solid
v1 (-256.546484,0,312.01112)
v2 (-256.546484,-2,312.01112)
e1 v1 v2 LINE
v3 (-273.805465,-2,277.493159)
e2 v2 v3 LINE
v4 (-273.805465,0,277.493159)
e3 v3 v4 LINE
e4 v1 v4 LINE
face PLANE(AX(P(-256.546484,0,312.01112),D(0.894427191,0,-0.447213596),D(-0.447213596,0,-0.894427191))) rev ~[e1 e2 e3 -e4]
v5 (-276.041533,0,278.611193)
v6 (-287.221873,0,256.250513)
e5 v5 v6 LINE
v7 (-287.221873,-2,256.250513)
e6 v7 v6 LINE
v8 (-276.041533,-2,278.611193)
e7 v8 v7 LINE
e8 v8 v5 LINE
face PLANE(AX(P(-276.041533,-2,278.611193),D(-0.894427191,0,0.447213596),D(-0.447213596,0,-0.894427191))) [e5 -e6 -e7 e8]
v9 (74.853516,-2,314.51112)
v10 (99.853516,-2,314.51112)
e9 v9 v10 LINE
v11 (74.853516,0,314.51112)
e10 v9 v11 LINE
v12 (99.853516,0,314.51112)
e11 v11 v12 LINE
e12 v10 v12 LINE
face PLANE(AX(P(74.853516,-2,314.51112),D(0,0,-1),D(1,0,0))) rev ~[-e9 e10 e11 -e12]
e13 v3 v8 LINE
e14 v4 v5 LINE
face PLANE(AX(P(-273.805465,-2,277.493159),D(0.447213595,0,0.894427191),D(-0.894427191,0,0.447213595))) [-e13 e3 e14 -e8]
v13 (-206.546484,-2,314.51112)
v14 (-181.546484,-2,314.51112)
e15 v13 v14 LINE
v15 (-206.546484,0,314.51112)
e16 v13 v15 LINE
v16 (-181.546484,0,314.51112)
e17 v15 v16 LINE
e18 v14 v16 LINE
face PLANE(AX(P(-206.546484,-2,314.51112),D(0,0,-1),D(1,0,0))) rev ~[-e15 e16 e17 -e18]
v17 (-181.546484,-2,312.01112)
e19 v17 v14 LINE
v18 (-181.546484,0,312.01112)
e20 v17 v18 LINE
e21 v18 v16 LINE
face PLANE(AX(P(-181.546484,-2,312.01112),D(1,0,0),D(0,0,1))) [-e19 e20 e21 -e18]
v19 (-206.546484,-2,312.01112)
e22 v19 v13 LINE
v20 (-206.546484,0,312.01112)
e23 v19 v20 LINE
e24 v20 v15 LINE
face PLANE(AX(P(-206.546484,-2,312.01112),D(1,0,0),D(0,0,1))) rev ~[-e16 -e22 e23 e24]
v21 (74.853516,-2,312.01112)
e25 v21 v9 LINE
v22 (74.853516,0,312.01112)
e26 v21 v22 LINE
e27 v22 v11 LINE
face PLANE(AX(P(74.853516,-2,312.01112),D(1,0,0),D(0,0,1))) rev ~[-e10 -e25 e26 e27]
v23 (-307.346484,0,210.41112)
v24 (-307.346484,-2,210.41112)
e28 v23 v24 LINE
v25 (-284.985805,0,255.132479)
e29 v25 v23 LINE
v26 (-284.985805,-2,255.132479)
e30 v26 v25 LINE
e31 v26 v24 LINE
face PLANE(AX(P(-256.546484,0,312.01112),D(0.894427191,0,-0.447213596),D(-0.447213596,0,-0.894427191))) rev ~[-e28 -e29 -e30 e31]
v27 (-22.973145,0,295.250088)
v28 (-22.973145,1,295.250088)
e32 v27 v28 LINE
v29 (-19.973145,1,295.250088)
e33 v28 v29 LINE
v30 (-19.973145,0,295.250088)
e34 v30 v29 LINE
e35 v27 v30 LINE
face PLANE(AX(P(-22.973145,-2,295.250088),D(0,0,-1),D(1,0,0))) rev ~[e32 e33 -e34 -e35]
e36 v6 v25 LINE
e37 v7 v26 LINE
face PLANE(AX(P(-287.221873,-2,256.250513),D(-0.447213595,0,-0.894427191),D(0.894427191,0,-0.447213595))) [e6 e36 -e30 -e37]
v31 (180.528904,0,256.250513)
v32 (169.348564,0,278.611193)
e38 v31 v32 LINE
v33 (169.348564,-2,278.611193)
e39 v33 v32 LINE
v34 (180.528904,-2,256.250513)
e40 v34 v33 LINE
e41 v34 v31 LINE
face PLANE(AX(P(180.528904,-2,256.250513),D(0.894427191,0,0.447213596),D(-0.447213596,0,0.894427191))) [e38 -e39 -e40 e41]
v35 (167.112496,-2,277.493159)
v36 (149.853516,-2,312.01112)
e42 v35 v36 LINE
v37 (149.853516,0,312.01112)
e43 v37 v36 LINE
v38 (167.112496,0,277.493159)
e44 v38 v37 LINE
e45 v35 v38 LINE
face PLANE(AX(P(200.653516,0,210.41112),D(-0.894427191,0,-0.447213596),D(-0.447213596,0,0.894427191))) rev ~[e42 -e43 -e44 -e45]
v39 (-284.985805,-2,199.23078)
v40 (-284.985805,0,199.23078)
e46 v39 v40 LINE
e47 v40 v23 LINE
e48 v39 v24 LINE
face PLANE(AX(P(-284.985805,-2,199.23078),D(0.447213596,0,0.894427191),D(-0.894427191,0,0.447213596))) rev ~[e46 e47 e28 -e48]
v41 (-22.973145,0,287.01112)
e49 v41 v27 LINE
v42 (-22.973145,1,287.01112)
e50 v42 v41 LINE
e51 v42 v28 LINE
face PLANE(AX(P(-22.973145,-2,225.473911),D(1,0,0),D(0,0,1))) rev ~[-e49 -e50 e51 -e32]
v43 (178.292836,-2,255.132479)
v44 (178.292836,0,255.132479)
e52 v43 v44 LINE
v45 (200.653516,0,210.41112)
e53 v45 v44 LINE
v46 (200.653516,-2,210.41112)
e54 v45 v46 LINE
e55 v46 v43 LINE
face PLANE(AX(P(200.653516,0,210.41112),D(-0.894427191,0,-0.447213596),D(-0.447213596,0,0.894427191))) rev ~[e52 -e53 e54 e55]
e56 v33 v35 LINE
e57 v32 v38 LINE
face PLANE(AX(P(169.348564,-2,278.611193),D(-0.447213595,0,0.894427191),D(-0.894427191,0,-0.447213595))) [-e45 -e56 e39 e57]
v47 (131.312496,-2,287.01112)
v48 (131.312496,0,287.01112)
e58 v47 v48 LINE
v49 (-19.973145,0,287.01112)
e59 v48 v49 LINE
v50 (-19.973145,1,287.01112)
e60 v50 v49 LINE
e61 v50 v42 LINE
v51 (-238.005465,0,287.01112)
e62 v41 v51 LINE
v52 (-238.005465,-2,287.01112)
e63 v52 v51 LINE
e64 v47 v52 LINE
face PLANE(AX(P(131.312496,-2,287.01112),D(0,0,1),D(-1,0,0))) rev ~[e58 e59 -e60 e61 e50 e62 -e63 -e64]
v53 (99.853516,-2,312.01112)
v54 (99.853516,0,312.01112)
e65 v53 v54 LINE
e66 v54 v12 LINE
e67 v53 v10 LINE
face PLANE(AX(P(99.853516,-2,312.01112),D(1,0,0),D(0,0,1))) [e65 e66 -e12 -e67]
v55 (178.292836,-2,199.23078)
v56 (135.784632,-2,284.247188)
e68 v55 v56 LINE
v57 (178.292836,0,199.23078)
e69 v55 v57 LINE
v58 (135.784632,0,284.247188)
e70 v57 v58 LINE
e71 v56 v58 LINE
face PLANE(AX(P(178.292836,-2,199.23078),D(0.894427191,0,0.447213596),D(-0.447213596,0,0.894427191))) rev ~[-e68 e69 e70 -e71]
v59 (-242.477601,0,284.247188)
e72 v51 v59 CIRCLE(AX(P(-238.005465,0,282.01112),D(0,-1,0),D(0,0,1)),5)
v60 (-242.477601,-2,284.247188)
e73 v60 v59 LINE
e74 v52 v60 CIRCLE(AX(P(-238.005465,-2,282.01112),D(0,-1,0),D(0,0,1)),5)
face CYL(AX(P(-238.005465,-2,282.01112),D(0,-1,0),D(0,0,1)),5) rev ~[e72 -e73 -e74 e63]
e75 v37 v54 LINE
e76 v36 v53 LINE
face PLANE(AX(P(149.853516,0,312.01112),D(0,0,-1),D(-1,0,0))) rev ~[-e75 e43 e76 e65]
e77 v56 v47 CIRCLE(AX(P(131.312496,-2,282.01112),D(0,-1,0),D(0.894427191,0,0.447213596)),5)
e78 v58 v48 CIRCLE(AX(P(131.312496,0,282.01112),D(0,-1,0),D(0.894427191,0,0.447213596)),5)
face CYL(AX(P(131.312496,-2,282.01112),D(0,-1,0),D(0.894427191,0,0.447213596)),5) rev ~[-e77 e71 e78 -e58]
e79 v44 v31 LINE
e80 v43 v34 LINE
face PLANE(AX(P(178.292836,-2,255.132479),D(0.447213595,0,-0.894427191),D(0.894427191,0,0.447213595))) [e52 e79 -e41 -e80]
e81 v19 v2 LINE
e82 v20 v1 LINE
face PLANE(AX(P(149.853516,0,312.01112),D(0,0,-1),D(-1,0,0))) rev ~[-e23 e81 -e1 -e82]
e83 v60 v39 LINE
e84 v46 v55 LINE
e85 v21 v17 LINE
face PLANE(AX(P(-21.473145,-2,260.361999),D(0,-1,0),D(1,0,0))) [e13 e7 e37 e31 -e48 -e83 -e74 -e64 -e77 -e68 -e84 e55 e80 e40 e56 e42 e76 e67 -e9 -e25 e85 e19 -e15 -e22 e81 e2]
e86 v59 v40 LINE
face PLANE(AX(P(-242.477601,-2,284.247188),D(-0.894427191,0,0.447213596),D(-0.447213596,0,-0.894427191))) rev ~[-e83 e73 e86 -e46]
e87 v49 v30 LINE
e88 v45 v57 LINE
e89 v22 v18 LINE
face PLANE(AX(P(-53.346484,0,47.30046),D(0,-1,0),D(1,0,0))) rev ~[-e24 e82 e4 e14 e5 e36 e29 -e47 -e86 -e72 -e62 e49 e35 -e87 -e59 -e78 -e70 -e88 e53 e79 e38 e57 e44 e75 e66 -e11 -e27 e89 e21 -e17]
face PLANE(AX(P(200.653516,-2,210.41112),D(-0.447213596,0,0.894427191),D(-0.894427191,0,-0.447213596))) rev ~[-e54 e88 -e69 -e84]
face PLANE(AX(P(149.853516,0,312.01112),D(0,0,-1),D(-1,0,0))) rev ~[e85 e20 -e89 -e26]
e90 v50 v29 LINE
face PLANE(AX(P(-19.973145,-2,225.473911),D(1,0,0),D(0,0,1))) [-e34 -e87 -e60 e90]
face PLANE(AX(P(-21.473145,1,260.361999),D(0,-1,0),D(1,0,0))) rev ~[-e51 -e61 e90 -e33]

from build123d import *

# Parameters (mm, degrees)
F1_DEPTH  = 2
F3_DEPTH  = 2.001
F4_W      = 3
F4_H      = 69.7761774063
F5_DEPTH  = 3
F7_D      = 6.6
F9_DEPTH  = 25
F10_W     = 25
F10_H     = 2.5
F11_DEPTH = 2


with BuildPart() as f1:
    # F0 (on Front) → F1 (new body)
    with BuildSketch(Plane.XZ):
        Polygon((-307.3464844827, 210.4111198679), (-307.3464844827, -195.9888801321), (200.6535155173, -195.9888801321), (200.6535155173, 210.4111198679), (149.8535155173, 312.0111198679), (-256.5464844827, 312.0111198679), align=None)
    extrude(amount=F1_DEPTH)

    # F2 (on face) → F3 (cut, through all)
    with BuildSketch(Plane.XZ.offset(2)):
        with BuildLine():
            Line((99.0535155173, 210.4111198679), (-205.7464844827, 210.4111198679))
            ThreePointArc((-205.7464844827, 210.4111198679), (-241.667508967, 195.5321443521), (-256.5464844827, 159.6111198679))
            Line((-256.5464844827, 159.6111198679), (-256.5464844827, -94.3888801321))
            ThreePointArc((-256.5464844827, -94.3888801321), (-241.667508967, -130.3099046164), (-205.7464844827, -145.1888801321))
            Line((-205.7464844827, -145.1888801321), (99.0535155173, -145.1888801321))
            ThreePointArc((99.0535155173, -145.1888801321), (134.9745400016, -130.3099046164), (149.8535155173, -94.3888801321))
            Line((149.8535155173, -94.3888801321), (149.8535155173, 159.6111198679))
            ThreePointArc((149.8535155173, 159.6111198679), (134.9745400016, 195.5321443521), (99.0535155173, 210.4111198679))
        make_face()
    extrude(amount=-F3_DEPTH, mode=Mode.SUBTRACT)

    # F4 (on face) → F5 (join)
    with BuildSketch(Plane.XZ.offset(2)):
        with Locations((-21.4731446389, 260.3619992733)):
            Rectangle(F4_W, F4_H)
    extrude(amount=-F5_DEPTH)

    # F7 (through all)
    with Locations(Plane.XZ.offset(2)):
        with Locations((-294.8464844827, 185.0111198679), (-294.8464844827, 7.2111198679), (-294.8464844827, -170.5888801321), (188.1535155173, -170.5888801321), (188.1535155173, 7.2111198679), (188.1535155173, 185.0111198679)):
            Hole(F7_D / 2)

    # F8 (on face) → F9 (cut)
    with BuildSketch(Plane.XZ.offset(2)):
        with BuildLine():
            Line((-284.9858047077, 199.2307799804), (-307.3464844827, 210.4111198679))
            Line((-307.3464844827, 210.4111198679), (-307.3464844827, -195.9888801321))
            Line((-307.3464844827, -195.9888801321), (200.6535155173, -195.9888801321))
            Line((200.6535155173, -195.9888801321), (200.6535155173, 210.4111198679))
            Line((200.6535155173, 210.4111198679), (178.2928357423, 199.2307799804))
            Line((178.2928357423, 199.2307799804), (135.7846318098, 284.2471878454))
            ThreePointArc((135.7846318098, 284.2471878454), (133.9411514154, 286.2643739096), (131.3124958548, 287.0111198679))
            Line((131.3124958548, 287.0111198679), (-238.0054648202, 287.0111198679))
            ThreePointArc((-238.0054648202, 287.0111198679), (-240.6341203808, 286.2643739096), (-242.4776007752, 284.2471878454))
            Line((-242.4776007752, 284.2471878454), (-284.9858047077, 199.2307799804))
        make_face()
    extrude(amount=-F9_DEPTH, mode=Mode.SUBTRACT)

    # F10 (on face) → F11 (join)
    with BuildSketch(Plane.XZ.offset(2)):
        with Locations((-194.0464844827, 313.2611198679)):
            Rectangle(F10_W, F10_H)
        with Locations((87.3535155173, 313.2611198679)):
            Rectangle(F10_W, F10_H)
        Polygon((-284.9858047077, 255.1324794179), (-273.8054648202, 277.4931591929), (-276.0415327977, 278.6111931816), (-287.2218726852, 256.2505134066), align=None)
        Polygon((169.3485638323, 278.6111931816), (167.1124958548, 277.4931591929), (178.2928357423, 255.1324794179), (180.5289037198, 256.2505134066), align=None)
    extrude(amount=-F11_DEPTH)


solid = f1.part
